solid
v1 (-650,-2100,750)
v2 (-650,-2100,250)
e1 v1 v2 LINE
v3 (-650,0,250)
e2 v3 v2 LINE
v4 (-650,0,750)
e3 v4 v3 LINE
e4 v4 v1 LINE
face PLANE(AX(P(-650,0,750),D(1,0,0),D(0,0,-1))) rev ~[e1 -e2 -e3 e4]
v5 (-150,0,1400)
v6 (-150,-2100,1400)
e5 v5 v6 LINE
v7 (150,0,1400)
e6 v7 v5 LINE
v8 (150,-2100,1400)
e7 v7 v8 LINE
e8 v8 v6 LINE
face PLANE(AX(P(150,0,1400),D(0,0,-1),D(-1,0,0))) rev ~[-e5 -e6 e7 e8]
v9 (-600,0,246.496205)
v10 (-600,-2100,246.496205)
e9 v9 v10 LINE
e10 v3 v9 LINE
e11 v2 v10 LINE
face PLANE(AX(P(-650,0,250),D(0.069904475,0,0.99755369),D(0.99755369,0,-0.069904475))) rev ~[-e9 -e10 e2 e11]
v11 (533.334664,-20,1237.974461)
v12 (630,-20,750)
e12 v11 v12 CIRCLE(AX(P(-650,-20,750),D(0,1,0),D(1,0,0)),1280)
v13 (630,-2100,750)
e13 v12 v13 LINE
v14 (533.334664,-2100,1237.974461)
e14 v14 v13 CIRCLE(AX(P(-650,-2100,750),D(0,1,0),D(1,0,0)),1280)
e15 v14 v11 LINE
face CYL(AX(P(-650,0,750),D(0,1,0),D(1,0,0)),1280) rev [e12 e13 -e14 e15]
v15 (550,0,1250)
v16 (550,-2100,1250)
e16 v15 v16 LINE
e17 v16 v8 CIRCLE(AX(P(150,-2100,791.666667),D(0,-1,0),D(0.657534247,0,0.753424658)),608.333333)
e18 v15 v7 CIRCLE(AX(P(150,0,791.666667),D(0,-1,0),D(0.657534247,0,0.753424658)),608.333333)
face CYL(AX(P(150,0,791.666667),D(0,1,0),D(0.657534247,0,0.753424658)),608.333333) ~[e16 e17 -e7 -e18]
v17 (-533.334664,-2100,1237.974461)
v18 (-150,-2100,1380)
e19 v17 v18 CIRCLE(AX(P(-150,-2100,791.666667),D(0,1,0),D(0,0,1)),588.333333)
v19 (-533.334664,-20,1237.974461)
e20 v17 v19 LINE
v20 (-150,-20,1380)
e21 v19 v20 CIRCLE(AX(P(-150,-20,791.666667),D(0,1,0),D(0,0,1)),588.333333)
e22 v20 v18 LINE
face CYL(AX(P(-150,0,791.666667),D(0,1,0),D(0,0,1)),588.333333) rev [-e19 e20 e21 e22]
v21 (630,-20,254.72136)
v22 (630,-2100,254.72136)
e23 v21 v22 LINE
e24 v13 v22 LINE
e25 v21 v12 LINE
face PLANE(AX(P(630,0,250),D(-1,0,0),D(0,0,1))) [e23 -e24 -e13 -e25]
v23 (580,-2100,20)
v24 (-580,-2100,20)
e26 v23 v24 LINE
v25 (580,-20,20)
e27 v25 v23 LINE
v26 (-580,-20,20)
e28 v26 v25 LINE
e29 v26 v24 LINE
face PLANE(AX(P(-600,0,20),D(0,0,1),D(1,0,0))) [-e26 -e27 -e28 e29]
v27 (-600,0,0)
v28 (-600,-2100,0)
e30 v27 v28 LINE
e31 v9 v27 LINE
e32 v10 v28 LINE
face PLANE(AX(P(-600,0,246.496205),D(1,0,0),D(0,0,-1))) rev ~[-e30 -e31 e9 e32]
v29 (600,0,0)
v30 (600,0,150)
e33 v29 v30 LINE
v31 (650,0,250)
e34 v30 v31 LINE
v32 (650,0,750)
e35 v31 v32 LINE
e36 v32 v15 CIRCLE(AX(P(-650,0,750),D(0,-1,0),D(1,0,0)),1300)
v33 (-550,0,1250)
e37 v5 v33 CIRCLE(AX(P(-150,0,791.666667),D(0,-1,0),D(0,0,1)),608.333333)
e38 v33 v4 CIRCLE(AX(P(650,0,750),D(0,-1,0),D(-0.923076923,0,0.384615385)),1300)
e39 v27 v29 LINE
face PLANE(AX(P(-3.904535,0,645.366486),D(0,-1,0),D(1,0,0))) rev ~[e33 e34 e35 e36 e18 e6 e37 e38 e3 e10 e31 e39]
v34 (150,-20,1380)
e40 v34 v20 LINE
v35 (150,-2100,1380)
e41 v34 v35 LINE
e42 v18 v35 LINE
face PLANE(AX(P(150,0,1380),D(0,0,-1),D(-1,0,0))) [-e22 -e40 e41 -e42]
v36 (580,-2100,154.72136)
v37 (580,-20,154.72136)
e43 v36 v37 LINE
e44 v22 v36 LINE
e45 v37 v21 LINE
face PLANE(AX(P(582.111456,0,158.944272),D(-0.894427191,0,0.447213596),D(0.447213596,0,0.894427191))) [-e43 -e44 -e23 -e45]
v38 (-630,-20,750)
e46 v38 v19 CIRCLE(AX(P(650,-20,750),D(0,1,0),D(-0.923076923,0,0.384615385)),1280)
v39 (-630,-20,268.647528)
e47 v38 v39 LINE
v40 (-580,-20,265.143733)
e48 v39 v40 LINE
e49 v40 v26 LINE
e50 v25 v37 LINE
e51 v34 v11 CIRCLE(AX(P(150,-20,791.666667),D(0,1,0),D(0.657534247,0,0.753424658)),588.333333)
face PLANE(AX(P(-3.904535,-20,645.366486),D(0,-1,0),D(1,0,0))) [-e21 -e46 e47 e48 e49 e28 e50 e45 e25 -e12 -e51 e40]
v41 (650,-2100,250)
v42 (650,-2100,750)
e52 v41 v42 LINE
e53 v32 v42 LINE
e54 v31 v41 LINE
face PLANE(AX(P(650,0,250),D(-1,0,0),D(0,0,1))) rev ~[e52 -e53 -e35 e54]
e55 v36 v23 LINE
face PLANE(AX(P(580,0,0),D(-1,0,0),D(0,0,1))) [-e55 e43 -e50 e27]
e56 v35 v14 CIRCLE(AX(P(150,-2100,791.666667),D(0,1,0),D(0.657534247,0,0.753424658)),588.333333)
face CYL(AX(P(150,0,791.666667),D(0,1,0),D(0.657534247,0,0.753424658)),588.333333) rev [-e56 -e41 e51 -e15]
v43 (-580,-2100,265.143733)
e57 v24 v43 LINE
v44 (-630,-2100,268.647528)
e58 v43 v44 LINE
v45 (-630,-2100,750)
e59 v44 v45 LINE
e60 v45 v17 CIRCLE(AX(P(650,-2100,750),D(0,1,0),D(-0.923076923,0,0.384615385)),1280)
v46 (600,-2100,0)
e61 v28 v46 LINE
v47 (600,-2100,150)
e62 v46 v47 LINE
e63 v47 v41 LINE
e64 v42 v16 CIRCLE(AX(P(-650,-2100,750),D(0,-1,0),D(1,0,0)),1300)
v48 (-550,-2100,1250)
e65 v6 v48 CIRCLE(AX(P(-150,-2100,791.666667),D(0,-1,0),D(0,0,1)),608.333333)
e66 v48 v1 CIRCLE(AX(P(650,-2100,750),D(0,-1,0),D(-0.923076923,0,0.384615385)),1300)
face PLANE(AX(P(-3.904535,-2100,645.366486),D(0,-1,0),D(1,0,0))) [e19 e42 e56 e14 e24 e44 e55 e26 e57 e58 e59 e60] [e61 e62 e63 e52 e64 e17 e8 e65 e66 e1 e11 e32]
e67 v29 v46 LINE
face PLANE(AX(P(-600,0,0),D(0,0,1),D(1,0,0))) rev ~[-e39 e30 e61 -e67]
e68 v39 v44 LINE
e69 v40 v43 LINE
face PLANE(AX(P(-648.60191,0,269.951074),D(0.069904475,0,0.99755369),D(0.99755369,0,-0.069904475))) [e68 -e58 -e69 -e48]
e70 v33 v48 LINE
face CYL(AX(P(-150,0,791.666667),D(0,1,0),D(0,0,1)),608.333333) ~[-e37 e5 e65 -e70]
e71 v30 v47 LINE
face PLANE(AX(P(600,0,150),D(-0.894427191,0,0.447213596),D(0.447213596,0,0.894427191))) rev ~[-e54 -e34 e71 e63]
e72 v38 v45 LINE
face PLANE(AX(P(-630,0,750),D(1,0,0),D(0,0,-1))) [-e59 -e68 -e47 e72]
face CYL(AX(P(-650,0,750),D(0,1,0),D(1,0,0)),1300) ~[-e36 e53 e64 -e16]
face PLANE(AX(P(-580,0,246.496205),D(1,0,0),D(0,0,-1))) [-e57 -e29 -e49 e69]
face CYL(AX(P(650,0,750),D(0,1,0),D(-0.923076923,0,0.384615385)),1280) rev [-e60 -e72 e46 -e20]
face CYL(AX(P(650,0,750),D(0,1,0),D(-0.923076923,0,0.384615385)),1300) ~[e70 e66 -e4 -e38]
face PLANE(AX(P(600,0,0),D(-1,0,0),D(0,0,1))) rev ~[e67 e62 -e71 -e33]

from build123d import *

# Parameters (mm, degrees)
F1_DEPTH = 2100
F2_T     = -20


with BuildPart() as f1:
    # F0 (on Front) → F1 (new body)
    with BuildSketch(Plane.XZ):
        with BuildLine():
            Line((-600, 246.4962048714), (-600, 0))
            Line((-600, 0), (600, 0))
            Line((600, 0), (600, 150))
            Line((600, 150), (650, 250))
            Line((650, 250), (650, 750))
            ThreePointArc((650, 750), (624.7548783982, 1004.9509756796), (550, 1250))
            ThreePointArc((550, 1250), (363.6000936329, 1361.2669163545), (150, 1400))
            Line((150, 1400), (-150, 1400))
            ThreePointArc((-150, 1400), (-363.6000936329, 1361.2669163545), (-550, 1250))
            ThreePointArc((-550, 1250), (-624.7548783982, 1004.9509756796), (-650, 750))
            Line((-650, 750), (-650, 250))
            Line((-650, 250), (-600, 246.4962048714))
        make_face()
    extrude(amount=F1_DEPTH)

    # F2
    f2_openings = [f1.faces().sort_by_distance(p)[0] for p in [
        (0.87664, -2100, 673.839556),
    ]]
    offset(amount=F2_T, openings=f2_openings, kind=Kind.INTERSECTION)


solid = f1.part
